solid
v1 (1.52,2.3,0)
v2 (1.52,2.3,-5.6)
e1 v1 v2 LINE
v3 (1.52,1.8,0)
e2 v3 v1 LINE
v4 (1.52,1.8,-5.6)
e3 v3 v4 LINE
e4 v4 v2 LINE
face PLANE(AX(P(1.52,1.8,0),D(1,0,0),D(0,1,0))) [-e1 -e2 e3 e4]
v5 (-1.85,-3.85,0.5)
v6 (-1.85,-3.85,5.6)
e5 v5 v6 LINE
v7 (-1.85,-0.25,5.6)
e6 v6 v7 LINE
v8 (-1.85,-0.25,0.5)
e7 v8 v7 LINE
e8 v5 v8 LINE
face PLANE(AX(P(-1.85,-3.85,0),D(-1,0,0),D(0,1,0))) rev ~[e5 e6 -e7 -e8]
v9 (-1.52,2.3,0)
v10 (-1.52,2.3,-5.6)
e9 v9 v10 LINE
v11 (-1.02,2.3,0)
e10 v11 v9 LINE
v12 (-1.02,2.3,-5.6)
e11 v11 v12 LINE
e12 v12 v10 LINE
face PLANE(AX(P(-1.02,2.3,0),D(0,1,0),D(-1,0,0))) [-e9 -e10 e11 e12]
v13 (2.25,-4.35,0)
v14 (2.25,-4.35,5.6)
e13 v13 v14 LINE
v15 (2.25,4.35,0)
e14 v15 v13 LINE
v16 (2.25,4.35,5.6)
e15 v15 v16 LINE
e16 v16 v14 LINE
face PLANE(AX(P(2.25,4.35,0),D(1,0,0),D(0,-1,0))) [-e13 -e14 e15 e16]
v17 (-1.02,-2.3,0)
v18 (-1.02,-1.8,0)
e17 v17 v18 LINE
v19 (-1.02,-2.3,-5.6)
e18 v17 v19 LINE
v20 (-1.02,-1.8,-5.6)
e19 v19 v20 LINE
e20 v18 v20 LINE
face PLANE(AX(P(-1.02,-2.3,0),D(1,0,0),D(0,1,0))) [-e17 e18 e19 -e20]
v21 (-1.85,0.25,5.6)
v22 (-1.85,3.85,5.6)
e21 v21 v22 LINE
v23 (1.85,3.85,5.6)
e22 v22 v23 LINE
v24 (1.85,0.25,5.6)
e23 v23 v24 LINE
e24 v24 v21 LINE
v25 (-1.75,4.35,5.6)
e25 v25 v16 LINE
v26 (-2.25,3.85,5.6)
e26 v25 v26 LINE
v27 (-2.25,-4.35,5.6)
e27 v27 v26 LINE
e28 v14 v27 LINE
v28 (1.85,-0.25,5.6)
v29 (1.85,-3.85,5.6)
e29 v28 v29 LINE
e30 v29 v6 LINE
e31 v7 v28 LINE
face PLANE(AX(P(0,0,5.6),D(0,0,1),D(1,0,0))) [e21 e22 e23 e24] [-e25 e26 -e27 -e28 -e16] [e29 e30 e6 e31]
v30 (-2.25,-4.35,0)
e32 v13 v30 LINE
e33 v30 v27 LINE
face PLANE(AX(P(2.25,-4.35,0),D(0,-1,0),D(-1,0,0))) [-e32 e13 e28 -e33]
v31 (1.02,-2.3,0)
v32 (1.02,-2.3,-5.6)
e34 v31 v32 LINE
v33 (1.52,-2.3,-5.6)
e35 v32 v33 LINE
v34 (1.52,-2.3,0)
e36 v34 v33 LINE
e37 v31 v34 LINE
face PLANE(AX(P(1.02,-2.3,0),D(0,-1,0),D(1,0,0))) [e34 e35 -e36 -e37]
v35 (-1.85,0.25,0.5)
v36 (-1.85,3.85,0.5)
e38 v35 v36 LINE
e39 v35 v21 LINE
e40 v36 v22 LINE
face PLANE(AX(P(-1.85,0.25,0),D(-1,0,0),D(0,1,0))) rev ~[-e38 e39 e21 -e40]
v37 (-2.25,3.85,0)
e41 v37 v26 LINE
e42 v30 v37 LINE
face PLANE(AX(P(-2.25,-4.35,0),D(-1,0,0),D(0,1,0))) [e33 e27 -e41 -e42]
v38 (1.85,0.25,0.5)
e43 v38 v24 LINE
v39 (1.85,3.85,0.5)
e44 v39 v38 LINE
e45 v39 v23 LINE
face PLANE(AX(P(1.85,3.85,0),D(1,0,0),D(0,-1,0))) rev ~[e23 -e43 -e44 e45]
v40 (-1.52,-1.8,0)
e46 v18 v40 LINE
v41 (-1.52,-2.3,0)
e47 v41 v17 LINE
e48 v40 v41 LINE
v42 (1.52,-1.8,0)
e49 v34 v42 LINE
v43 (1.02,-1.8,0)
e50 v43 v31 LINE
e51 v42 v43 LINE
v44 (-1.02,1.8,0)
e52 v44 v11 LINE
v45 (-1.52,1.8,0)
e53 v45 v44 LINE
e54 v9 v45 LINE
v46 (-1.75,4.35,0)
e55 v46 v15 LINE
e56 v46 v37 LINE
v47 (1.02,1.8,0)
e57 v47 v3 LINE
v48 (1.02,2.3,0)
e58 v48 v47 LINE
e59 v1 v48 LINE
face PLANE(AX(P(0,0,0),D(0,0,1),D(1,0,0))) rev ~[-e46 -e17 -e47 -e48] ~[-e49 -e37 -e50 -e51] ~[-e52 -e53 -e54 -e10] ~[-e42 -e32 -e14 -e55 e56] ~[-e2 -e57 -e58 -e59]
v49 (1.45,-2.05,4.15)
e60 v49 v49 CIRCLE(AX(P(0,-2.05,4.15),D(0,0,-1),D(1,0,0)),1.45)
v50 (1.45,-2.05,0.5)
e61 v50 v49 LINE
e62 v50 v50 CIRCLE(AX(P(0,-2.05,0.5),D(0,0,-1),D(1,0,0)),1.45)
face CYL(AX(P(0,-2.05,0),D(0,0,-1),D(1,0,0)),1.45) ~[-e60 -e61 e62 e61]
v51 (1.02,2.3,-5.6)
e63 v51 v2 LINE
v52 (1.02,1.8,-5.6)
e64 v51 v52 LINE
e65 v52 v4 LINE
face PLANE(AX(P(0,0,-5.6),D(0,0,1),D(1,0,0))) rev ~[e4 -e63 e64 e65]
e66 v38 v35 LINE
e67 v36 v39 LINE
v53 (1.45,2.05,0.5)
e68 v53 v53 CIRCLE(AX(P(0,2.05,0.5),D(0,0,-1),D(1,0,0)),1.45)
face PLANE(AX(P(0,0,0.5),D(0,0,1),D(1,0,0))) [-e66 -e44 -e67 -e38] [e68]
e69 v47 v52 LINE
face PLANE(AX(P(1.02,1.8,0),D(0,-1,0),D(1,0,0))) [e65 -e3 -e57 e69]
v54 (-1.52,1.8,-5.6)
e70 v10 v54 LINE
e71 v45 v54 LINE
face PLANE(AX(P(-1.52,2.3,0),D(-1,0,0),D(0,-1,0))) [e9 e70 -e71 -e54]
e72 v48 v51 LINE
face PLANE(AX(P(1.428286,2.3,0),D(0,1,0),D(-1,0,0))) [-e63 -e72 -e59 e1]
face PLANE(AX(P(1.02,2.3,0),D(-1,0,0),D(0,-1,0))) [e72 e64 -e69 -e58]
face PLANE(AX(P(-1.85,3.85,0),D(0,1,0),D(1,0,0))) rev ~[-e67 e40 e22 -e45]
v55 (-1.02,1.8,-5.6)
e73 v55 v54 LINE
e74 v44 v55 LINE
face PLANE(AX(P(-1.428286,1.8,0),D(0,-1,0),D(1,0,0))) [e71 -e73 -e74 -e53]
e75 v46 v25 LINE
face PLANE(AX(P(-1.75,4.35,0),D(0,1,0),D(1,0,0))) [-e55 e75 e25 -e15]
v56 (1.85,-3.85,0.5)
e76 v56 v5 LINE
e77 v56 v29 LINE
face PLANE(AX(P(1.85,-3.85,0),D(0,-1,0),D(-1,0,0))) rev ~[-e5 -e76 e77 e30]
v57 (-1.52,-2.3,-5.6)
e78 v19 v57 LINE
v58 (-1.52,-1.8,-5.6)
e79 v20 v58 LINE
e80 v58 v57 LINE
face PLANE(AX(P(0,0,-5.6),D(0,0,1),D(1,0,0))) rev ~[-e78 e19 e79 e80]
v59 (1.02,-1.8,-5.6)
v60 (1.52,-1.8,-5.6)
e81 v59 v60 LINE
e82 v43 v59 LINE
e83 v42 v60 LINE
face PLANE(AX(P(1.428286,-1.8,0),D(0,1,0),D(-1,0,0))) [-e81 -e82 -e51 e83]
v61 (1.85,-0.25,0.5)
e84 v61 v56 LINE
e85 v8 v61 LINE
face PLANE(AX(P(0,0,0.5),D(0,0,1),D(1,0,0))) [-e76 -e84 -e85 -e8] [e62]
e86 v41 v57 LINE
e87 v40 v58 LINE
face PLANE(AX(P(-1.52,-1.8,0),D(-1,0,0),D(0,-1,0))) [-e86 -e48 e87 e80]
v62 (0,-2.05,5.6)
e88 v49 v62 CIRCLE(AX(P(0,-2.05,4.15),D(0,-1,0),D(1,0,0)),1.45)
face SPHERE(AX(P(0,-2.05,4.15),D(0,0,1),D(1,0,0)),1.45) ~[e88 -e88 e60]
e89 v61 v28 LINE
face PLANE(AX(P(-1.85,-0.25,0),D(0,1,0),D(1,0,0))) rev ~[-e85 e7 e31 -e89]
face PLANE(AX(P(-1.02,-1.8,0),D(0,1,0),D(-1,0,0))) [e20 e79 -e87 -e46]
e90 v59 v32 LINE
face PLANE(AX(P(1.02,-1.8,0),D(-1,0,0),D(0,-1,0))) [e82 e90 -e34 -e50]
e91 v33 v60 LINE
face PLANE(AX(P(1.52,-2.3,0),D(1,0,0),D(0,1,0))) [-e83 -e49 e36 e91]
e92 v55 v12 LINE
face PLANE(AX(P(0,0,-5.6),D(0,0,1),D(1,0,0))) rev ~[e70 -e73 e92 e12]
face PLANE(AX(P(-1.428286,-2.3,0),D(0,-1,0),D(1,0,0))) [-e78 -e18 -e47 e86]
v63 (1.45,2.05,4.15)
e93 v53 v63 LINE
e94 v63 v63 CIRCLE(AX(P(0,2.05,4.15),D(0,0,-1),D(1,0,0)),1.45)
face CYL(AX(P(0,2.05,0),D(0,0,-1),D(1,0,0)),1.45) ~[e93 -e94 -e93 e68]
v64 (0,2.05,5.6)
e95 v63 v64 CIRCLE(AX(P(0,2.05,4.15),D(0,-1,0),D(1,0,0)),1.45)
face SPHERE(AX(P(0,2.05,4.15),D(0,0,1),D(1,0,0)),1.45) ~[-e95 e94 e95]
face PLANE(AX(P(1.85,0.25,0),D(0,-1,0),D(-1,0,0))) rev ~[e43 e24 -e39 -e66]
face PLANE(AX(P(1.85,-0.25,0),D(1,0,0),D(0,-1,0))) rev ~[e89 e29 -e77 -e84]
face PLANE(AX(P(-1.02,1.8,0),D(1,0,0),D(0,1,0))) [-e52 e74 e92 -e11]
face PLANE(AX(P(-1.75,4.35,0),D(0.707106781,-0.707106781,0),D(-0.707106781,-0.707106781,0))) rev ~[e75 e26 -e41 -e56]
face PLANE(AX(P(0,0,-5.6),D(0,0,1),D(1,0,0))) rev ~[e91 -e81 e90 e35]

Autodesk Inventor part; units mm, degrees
ref_plane "YZ Plane" through (0, 0, 0) normal (1, 0, 0) x (0, 1, 0)
ref_plane "XZ Plane" through (0, 0, 0) normal (0, 1, 0) x (-1, 0, 0)
ref_plane "XY Plane" through (0, 0, 0) normal (0, 0, 1) x (1, 0, 0)
sketch "スケッチ1" plane through (0, 0, 0) normal (0, 0, 1) x (1, 0, 0)
  line L0 (-2.25, 4.35) -> (2.25, 4.35)
  line L1 (2.25, 4.35) -> (2.25, -4.35)
  line L2 (2.25, -4.35) -> (-2.25, -4.35)
  line L3 (-2.25, -4.35) -> (-2.25, 4.35)
  line L4 (-3.4568, 2.05) -> (3.4568, 2.05) construction
  line L5 (3.4568, -2.05) -> (-3.4568, -2.05) construction
  line L6 (-4.4106, 0) -> (4.4106, 0) construction
  line L7 (-1.85, 3.85) -> (1.85, 3.85)
  line L8 (1.85, 3.85) -> (1.85, 0.25)
  line L9 (1.85, 0.25) -> (-1.85, 0.25)
  line L10 (-1.85, 0.25) -> (-1.85, 3.85)
  line L11 (-1.85, -0.25) -> (1.85, -0.25)
  line L12 (1.85, -0.25) -> (1.85, -3.85)
  line L13 (1.85, -3.85) -> (-1.85, -3.85)
  line L14 (-1.85, -3.85) -> (-1.85, -0.25)
  line L15 (-1.75, 4.35) -> (-2.25, 3.85)
  circle A0 centre (0, 2.05) radius 1.45
  circle A1 centre (0, -2.05) radius 1.45
  line L16 (1.27, 5.4107) -> (1.27, -6.214) construction
  line L17 (-1.27, -6.214) -> (-1.27, 5.4107) construction
  line L18 (0, 6.0924) -> (0, -6.0924) construction
  line L19 (1.52, 2.3) -> (1.02, 2.3)
  line L20 (1.02, 2.3) -> (1.02, 1.8)
  line L21 (1.02, 1.8) -> (1.52, 1.8)
  line L22 (1.52, 1.8) -> (1.52, 2.3)
  line L23 (-1.02, 2.3) -> (-1.52, 2.3)
  line L24 (-1.52, 2.3) -> (-1.52, 1.8)
  line L25 (-1.52, 1.8) -> (-1.02, 1.8)
  line L26 (-1.02, 1.8) -> (-1.02, 2.3)
  line L27 (1.52, -1.8) -> (1.02, -1.8)
  line L28 (1.02, -1.8) -> (1.02, -2.3)
  line L29 (1.02, -2.3) -> (1.52, -2.3)
  line L30 (1.52, -2.3) -> (1.52, -1.8)
  line L31 (-1.02, -1.8) -> (-1.52, -1.8)
  line L32 (-1.52, -1.8) -> (-1.52, -2.3)
  line L33 (-1.52, -2.3) -> (-1.02, -2.3)
  line L34 (-1.02, -2.3) -> (-1.02, -1.8)
  point P0 (0, 0)
  point P1 (0, 4.35)
  point P2 (-2.25, 0)
  point P3 (0, 0)
  point P4 (-1.85, 2.05)
  point P5 (0, 3.85)
  point P6 (1.85, -2.05)
  point P7 (0, -3.85)
  point P8 (1.27, 2.3)
  point P9 (1.52, 2.05)
  point P10 (-1.27, 2.3)
  point P11 (-1.52, 2.05)
  point P12 (1.27, -1.8)
  point P13 (1.52, -2.05)
  point P14 (-1.27, -1.8)
  dimension "d0" = 4.5
  dimension "d1" = 8.7
  dimension "d2" = 4.1
  dimension "d3" = 3.7
  dimension "d4" = 3.6
  dimension "d5" = 0.5
  dimension "d6" = 0.5
  dimension "d9" = 2.9
  dimension "d13" = 2.54
  dimension "d14" = 0.5
extrude "押し出し1" add sketch "スケッチ1" along normal blind 5.6 contours L0 L1 L2 L3 L15
extrude "押し出し2" add sketch "スケッチ1" along normal blind 5.6 contours A0 L21 L20 L19 | L19 L20 L21 A0 L25 L26 L23 | L23 L26 L25 A0 | A1 L29 L28 L27 | L27 L28 L29 A1 L33 L34 L31 | L31 L34 L33 A1
fillet "フィレット1" radius 1.45 2 edges at (-1.45, 2.05, 5.6) (-1.45, -2.05, 5.6)
extrude "押し出し3" add sketch "スケッチ1" against normal blind 5.6 contours A0 L21 L20 L19 | A0 L19 L22 L21 | L23 L26 L25 A0 | A0 L25 L24 L23 | A1 L29 L28 L27 | A1 L27 L30 L29 | L31 L34 L33 A1 | A1 L33 L32 L31
extrude "押し出し4" add sketch "スケッチ1" along normal blind 0.5 contours L7 L8 L9 L10 | L11 L12 L13 L14 | A0 L21 L20 L19 | A0 L19 L22 L21 | L19 L20 L21 A0 L25 L26 L23 | L23 L26 L25 A0 | A0 L25 L24 L23 | A1 L29 L28 L27 | A1 L27 L30 L29 | L27 L28 L29 A1 L33 L34 L31 | L31 L34 L33 A1 | A1 L33 L32 L31
equation "\"d6\" = d5"
properties part number "LBR-127"
